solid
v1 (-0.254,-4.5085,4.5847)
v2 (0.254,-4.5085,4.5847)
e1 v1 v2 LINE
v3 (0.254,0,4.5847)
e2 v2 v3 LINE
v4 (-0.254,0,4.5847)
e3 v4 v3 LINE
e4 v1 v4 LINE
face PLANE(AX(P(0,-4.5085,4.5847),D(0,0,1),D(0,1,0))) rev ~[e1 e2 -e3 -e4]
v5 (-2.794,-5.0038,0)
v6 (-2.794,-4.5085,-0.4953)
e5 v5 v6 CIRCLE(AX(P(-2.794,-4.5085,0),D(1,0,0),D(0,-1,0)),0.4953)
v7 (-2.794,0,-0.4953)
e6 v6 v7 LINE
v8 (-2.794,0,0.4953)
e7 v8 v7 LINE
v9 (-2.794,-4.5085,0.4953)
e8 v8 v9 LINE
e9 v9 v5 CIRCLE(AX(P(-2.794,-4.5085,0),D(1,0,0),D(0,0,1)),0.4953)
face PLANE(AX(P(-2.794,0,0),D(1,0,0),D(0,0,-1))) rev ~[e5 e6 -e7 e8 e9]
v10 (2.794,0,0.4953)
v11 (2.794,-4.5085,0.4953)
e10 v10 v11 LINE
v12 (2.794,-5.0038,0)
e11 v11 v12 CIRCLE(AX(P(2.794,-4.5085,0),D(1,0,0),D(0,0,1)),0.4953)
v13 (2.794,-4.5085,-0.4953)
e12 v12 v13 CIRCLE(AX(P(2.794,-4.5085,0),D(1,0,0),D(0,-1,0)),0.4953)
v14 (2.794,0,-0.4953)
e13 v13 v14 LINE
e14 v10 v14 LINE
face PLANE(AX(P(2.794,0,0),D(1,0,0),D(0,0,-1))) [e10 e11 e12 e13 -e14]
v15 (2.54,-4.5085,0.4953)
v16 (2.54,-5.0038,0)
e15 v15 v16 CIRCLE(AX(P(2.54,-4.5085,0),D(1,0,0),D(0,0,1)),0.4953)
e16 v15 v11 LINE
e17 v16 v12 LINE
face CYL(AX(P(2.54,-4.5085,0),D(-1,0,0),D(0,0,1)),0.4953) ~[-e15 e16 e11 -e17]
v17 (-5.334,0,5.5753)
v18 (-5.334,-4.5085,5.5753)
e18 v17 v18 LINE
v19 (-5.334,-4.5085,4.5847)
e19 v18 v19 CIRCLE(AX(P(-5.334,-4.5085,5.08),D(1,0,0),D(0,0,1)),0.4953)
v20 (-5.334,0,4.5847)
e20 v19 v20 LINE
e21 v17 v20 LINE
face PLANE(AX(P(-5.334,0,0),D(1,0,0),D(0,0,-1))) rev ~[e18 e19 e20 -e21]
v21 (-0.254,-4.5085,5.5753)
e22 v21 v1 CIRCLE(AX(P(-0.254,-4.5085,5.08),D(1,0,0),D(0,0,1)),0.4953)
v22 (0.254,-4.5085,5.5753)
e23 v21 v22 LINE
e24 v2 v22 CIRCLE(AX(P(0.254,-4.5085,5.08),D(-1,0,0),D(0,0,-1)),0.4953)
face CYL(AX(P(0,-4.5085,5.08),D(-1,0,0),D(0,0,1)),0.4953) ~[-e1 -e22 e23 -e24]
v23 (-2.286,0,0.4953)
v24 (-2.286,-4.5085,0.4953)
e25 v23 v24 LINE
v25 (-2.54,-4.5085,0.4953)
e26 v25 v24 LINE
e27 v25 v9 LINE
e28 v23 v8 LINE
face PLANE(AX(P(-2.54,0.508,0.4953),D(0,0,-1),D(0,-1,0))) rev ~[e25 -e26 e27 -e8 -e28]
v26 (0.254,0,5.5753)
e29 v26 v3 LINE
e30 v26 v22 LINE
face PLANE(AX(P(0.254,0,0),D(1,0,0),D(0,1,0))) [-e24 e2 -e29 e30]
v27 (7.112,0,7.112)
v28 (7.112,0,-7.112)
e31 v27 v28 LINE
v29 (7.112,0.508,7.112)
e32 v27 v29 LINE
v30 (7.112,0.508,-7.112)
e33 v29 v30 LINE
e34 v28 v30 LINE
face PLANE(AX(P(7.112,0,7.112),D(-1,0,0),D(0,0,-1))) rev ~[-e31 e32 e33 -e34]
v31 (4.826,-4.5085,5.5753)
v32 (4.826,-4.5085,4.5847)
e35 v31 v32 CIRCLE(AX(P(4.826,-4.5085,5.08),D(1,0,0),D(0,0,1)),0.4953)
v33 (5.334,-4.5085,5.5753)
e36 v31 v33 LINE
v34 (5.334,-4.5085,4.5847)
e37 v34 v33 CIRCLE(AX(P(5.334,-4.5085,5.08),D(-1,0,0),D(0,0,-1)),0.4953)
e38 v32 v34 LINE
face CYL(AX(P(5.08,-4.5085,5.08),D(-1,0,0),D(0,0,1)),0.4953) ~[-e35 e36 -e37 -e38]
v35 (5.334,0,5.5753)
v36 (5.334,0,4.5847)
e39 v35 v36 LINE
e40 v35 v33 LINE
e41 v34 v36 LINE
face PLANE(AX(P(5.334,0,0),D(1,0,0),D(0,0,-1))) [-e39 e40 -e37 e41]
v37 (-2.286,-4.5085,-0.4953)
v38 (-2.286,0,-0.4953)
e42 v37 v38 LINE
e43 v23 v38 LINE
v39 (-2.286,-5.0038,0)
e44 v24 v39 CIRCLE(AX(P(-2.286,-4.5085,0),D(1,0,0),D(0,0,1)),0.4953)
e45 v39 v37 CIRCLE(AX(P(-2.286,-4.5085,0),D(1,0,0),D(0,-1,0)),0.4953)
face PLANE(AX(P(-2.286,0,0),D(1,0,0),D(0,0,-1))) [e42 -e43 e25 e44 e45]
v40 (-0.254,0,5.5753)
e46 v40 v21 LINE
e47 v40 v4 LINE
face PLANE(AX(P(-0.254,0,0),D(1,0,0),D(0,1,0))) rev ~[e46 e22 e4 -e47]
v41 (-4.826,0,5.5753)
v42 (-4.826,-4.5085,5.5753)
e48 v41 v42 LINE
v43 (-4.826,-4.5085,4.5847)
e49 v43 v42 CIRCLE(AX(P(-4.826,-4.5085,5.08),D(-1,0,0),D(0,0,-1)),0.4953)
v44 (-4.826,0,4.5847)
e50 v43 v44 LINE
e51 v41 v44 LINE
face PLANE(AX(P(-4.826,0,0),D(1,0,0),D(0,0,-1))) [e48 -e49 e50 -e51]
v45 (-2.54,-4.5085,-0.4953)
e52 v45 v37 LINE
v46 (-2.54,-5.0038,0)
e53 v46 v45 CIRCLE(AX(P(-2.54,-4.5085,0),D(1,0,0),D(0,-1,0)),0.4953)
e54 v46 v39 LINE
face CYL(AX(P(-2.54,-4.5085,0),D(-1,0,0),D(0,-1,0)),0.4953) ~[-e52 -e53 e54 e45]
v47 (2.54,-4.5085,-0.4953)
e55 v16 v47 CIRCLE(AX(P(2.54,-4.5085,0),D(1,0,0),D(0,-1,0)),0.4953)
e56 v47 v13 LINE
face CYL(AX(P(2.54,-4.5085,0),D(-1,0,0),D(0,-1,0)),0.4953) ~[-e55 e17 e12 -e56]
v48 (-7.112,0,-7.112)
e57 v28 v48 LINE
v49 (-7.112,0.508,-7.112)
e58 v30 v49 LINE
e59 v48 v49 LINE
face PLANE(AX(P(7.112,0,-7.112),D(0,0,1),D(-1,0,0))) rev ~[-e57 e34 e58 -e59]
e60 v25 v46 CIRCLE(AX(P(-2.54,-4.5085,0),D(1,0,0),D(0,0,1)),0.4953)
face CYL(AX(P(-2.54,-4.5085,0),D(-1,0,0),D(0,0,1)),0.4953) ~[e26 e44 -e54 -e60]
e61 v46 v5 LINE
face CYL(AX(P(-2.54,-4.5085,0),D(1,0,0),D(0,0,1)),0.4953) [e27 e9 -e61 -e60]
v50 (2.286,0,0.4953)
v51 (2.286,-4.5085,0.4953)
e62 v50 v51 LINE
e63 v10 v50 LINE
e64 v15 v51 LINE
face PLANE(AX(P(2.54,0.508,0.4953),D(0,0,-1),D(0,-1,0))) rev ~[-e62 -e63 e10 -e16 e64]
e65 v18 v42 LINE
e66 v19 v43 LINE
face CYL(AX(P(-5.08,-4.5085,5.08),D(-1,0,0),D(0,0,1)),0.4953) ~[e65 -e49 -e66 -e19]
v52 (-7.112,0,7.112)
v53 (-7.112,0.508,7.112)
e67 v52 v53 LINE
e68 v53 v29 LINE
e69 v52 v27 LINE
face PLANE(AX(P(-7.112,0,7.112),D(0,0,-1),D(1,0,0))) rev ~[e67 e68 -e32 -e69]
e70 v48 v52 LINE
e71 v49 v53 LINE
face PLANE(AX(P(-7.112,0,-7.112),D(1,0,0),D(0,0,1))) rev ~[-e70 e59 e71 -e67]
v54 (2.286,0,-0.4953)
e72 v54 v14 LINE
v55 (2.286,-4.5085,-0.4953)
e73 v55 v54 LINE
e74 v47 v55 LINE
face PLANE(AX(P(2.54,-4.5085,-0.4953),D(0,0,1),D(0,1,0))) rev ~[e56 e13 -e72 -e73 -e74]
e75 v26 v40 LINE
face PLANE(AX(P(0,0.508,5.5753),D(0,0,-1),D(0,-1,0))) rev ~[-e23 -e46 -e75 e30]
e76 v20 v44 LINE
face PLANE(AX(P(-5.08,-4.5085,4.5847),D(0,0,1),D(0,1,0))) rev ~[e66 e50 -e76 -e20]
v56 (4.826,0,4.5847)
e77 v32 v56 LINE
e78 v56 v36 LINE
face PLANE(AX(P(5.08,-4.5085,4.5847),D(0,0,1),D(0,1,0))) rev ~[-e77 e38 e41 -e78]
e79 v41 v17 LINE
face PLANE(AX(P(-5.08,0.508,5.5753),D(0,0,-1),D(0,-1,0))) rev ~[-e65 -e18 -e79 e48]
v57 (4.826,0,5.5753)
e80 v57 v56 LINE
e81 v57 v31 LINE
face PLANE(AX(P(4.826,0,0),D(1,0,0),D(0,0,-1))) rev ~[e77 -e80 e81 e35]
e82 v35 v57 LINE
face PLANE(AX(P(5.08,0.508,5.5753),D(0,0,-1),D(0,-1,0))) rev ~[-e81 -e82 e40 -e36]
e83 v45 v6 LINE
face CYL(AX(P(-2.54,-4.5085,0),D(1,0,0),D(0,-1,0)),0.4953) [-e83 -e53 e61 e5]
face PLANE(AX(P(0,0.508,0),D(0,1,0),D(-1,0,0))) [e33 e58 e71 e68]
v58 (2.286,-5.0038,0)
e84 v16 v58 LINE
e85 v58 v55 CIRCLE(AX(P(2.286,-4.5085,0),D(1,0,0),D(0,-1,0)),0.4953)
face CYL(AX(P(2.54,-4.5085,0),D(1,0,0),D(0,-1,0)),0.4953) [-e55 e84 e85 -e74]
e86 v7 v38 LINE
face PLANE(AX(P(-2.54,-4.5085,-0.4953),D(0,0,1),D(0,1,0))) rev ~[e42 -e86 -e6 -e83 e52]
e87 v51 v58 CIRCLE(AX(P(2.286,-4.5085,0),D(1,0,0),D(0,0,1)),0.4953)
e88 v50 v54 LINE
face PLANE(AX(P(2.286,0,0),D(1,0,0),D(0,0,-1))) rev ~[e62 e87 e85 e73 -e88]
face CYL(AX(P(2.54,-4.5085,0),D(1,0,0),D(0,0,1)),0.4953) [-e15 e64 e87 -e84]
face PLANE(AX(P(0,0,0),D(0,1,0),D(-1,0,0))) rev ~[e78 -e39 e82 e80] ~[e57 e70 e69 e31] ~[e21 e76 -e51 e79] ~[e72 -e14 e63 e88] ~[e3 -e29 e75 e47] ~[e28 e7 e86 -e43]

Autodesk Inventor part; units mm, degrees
sketch "Sketch_1" plane through (0, 0, 0) normal (0, 1, 0) x (-1, 0, 0)
  line L0 (7.112, -7.112) -> (7.112, 7.112)
  line L1 (7.112, 7.112) -> (-7.112, 7.112)
  line L2 (-7.112, 7.112) -> (-7.112, -7.112)
  line L3 (-7.112, -7.112) -> (7.112, -7.112)
extrude "Extrusion1" add sketch "Sketch_1" along normal blind 0.508
sketch "Sketch_10" plane through (-5.08, 0, 0) normal (1, 0, 0) x (0, 0, -1)
  arc A0 (-5.5753, -4.5085) -> (-5.08, -5.0038) centre (-5.08, -4.5085) ccw
  arc A1 (-5.08, -5.0038) -> (-4.5847, -4.5085) centre (-5.08, -4.5085) ccw
  line L0 (-4.5847, -4.5085) -> (-4.5847, 0.508)
  line L1 (-4.5847, 0.508) -> (-5.5753, 0.508)
  line L2 (-5.5753, 0.508) -> (-5.5753, -4.5085)
extrude "Extrusion2" add sketch "Sketch_10" along normal mid plane 0.508
sketch "Sketch_12" plane through (0, 0, 0) normal (1, 0, 0) x (0, 1, 0)
  arc A0 (-4.5085, 5.5753) -> (-5.0038, 5.08) centre (-4.5085, 5.08) ccw
  arc A1 (-5.0038, 5.08) -> (-4.5085, 4.5847) centre (-4.5085, 5.08) ccw
  line L0 (-4.5085, 4.5847) -> (0.508, 4.5847)
  line L1 (0.508, 4.5847) -> (0.508, 5.5753)
  line L2 (0.508, 5.5753) -> (-4.5085, 5.5753)
extrude "Extrusion3" add sketch "Sketch_12" along normal mid plane 0.508
sketch "Sketch_14" plane through (5.08, 0, 0) normal (1, 0, 0) x (0, 0, -1)
  arc A0 (-5.5753, -4.5085) -> (-5.08, -5.0038) centre (-5.08, -4.5085) ccw
  arc A1 (-5.08, -5.0038) -> (-4.5847, -4.5085) centre (-5.08, -4.5085) ccw
  line L0 (-4.5847, -4.5085) -> (-4.5847, 0.508)
  line L1 (-4.5847, 0.508) -> (-5.5753, 0.508)
  line L2 (-5.5753, 0.508) -> (-5.5753, -4.5085)
extrude "Extrusion4" add sketch "Sketch_14" along normal mid plane 0.508
sketch "Sketch_16" plane through (-2.54, 0, 0) normal (1, 0, 0) x (0, 0, -1)
  line L0 (-0.4953, 0.508) -> (-0.4953, -4.5085)
  arc A0 (-0.4953, -4.5085) -> (0, -5.0038) centre (0, -4.5085) ccw
  arc A1 (0, -5.0038) -> (0.4953, -4.5085) centre (0, -4.5085) ccw
  line L1 (0.4953, -4.5085) -> (0.4953, 0.508)
  line L2 (0.4953, 0.508) -> (-0.4953, 0.508)
extrude "Extrusion5" add sketch "Sketch_16" along normal mid plane 0.508
sketch "Sketch_17" plane through (2.54, 0, 0) normal (1, 0, 0) x (0, 0, -1)
  line L0 (-0.4953, 0.508) -> (-0.4953, -4.5085)
  arc A0 (-0.4953, -4.5085) -> (0, -5.0038) centre (0, -4.5085) ccw
  arc A1 (0, -5.0038) -> (0.4953, -4.5085) centre (0, -4.5085) ccw
  line L1 (0.4953, -4.5085) -> (0.4953, 0.508)
  line L2 (0.4953, 0.508) -> (-0.4953, 0.508)
extrude "Extrusion6" add sketch "Sketch_17" along normal mid plane 0.508
ref_plane "pole_to_body_XY" through (0, 0.508, 0) normal (0, 1, 0) x (1, 0, 0)
ref_plane "pole_to_body_YZ" through (0, 0.508, 0) normal (1, 0, 0) x (0, 0, -1)
ref_plane "pole_to_body_ZX" through (0, 0.508, 0) normal (0, 0, -1) x (0, 1, 0)
properties part number "UB21G035D-1JBpole"
